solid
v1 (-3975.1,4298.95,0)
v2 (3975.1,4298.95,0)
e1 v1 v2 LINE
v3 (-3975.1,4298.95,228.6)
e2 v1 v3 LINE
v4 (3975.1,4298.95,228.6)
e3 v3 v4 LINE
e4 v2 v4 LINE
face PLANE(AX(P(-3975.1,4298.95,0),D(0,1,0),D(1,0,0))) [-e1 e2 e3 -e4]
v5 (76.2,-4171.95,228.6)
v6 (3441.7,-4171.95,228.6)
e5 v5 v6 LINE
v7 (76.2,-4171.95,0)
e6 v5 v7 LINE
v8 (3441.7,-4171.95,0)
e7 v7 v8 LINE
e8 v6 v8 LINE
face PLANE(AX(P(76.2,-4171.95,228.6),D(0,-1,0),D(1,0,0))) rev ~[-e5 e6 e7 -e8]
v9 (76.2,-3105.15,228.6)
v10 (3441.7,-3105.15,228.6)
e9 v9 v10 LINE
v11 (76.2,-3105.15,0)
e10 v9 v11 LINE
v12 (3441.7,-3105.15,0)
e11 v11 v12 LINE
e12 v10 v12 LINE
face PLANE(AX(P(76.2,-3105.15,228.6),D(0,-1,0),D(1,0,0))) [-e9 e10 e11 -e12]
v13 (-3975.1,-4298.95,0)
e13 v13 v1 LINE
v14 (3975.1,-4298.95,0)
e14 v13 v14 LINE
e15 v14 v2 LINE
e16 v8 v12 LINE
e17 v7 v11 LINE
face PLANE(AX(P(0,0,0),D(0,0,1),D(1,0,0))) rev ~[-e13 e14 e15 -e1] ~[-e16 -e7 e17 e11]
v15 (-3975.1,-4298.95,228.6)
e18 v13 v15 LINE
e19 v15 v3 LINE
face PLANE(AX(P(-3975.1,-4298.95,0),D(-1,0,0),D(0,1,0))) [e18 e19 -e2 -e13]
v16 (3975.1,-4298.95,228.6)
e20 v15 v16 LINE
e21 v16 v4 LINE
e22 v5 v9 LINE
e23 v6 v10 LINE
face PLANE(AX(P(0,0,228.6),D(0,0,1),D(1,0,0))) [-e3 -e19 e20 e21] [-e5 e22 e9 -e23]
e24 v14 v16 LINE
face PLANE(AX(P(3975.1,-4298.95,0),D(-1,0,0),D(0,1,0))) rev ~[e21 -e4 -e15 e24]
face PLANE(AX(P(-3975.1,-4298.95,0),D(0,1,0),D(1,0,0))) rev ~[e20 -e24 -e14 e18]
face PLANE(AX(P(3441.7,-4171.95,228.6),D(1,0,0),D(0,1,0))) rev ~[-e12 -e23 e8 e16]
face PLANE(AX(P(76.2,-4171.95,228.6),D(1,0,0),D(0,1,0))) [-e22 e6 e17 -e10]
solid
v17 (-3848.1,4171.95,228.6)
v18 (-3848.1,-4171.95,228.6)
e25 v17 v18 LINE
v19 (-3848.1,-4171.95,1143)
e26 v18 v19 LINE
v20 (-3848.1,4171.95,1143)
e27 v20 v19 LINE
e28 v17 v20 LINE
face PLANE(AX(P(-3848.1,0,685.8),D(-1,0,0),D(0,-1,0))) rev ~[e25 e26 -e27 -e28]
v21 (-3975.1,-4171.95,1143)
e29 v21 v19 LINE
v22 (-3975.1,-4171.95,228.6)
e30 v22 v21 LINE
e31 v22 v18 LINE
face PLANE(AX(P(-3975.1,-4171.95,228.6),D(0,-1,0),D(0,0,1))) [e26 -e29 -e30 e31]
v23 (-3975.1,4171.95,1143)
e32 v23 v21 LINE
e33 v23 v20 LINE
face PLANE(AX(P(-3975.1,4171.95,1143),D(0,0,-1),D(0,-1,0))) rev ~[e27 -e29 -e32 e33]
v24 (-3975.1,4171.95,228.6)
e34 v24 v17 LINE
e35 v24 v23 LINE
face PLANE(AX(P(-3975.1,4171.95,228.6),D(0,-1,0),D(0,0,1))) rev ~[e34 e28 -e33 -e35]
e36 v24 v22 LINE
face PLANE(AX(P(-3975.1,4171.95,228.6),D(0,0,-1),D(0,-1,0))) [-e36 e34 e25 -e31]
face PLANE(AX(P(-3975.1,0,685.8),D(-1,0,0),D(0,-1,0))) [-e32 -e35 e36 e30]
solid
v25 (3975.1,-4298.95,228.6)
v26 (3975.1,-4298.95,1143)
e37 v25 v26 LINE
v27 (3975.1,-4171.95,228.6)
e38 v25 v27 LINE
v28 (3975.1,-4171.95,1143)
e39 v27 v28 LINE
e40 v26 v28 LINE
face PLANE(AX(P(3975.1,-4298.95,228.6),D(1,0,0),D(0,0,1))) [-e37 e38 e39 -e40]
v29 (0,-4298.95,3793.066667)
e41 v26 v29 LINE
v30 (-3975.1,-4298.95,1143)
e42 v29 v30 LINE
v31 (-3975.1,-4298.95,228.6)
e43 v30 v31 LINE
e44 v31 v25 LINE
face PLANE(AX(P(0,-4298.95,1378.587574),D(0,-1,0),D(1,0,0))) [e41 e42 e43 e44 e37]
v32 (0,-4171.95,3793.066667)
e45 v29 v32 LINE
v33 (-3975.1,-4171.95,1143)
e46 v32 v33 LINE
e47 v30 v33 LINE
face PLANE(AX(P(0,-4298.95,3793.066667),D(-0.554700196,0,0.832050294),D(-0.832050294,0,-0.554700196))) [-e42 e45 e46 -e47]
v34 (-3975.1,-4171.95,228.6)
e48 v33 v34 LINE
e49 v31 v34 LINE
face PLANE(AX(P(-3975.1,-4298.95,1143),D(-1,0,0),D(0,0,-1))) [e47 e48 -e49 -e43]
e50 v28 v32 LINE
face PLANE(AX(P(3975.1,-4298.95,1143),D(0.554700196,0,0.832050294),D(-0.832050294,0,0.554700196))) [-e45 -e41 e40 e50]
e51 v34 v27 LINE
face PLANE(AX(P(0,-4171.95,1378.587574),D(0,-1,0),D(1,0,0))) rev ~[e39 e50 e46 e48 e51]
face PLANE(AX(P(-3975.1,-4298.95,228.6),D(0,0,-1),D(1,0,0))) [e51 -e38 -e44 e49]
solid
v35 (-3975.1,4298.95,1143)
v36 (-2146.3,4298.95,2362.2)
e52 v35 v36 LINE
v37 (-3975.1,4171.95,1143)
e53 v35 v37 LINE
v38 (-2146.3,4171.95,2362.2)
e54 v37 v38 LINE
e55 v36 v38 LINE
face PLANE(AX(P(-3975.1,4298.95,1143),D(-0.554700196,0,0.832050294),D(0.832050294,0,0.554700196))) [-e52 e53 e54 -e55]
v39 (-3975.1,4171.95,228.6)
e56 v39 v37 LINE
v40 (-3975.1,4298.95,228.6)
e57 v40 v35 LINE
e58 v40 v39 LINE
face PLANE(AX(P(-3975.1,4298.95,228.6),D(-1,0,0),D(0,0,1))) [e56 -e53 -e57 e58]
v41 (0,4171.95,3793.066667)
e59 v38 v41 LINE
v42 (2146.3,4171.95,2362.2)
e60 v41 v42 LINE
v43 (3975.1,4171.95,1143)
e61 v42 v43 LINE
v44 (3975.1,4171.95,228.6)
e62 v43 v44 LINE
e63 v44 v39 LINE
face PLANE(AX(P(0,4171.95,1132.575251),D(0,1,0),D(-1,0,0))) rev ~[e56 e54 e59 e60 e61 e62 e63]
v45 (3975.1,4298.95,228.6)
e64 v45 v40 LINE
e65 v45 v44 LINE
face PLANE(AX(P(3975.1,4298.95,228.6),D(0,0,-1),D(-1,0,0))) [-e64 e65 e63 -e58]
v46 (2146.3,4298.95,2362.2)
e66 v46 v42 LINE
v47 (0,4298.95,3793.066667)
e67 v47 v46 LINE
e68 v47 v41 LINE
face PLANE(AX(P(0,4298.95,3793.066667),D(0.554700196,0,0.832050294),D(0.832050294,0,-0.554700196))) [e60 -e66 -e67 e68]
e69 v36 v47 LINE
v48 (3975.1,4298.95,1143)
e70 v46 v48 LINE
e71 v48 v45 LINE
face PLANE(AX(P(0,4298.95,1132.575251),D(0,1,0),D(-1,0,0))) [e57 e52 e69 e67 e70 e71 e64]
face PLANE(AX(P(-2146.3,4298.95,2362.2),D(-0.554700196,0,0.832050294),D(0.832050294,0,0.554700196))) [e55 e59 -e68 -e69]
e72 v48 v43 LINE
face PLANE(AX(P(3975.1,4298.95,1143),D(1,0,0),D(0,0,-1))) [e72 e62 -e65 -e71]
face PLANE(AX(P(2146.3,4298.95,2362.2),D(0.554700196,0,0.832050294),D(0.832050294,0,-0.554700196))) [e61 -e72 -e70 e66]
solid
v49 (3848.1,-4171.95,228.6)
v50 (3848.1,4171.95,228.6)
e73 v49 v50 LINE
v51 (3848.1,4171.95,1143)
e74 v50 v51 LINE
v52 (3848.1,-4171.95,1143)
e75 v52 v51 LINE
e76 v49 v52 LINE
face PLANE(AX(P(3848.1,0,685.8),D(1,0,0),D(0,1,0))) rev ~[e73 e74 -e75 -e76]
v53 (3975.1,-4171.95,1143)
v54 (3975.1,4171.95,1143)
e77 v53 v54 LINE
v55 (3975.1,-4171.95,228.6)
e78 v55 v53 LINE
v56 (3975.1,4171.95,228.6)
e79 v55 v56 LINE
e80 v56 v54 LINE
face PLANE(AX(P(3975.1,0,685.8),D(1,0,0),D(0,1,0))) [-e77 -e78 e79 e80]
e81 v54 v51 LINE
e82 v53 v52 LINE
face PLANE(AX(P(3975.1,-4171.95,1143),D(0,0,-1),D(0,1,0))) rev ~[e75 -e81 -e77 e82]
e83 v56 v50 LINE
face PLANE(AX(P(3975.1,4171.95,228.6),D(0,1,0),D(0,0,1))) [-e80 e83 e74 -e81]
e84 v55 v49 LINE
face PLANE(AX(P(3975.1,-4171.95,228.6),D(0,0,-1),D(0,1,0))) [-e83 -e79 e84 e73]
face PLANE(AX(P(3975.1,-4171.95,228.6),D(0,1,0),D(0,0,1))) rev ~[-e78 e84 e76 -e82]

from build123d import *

# Parameters (mm, degrees)
F0_W      = 7950.2
F0_H      = 8597.9
F1_DEPTH  = 228.6
F2_W      = 3365.5
F2_H      = 1066.8
F3_DEPTH  = 228.6
F5_DEPTH  = 127
F7_DEPTH  = 127
F8_W      = 8343.9
F8_H      = 914.4
F9_DEPTH  = 127
F10_W     = 8343.9
F10_H     = 914.4
F11_DEPTH = 127


with BuildPart() as f1:
    # F0 (on Top) → F1 (new body)
    with BuildSketch(Plane.XY):
        Rectangle(F0_W, F0_H)
    extrude(amount=F1_DEPTH)

    # F2 (on face) → F3 (cut, through all)
    with BuildSketch(Plane.XY.offset(228.6)):
        with Locations((1758.95, -3638.55)):
            Rectangle(F2_W, F2_H)
    extrude(amount=-F3_DEPTH, mode=Mode.SUBTRACT)


with BuildPart() as f5:
    # F4 (on face) → F5 (new body)
    with BuildSketch(Plane.XZ.offset(4298.95)):
        Polygon((-3975.1, 1143), (-3975.1, 228.6), (3975.1, 228.6), (3975.1, 1143), (0, 3793.066667), align=None)
    extrude(amount=-F5_DEPTH)


with BuildPart() as f7:
    # F6 (on face) → F7 (new body)
    with BuildSketch(Plane(origin=(0, 4298.95, 0), x_dir=(-1, 0, 0), z_dir=(0, 1, 0))):
        Polygon((-3975.1, 1143), (-3975.1, 228.6), (3975.1, 228.6), (3975.1, 1143), (2146.3, 2362.2), (-2146.3, 2362.2), align=None)
        Polygon((0, 3793.066667), (-2146.3, 2362.2), (2146.3, 2362.2), align=None)
    extrude(amount=-F7_DEPTH)


with BuildPart() as f9:
    # F8 (on face) → F9 (new body)
    with BuildSketch(Plane(origin=(-3975.1, 0, 0), x_dir=(0, -1, 0), z_dir=(-1, 0, 0))):
        with Locations((0, 685.8)):
            Rectangle(F8_W, F8_H)
    extrude(amount=-F9_DEPTH)


with BuildPart() as f11:
    # F10 (on face) → F11 (new body)
    with BuildSketch(Plane.YZ.offset(3975.1)):
        with Locations((0, 685.8)):
            Rectangle(F10_W, F10_H)
    extrude(amount=-F11_DEPTH)


solid = Compound([f1.part, f5.part, f7.part, f9.part, f11.part])
